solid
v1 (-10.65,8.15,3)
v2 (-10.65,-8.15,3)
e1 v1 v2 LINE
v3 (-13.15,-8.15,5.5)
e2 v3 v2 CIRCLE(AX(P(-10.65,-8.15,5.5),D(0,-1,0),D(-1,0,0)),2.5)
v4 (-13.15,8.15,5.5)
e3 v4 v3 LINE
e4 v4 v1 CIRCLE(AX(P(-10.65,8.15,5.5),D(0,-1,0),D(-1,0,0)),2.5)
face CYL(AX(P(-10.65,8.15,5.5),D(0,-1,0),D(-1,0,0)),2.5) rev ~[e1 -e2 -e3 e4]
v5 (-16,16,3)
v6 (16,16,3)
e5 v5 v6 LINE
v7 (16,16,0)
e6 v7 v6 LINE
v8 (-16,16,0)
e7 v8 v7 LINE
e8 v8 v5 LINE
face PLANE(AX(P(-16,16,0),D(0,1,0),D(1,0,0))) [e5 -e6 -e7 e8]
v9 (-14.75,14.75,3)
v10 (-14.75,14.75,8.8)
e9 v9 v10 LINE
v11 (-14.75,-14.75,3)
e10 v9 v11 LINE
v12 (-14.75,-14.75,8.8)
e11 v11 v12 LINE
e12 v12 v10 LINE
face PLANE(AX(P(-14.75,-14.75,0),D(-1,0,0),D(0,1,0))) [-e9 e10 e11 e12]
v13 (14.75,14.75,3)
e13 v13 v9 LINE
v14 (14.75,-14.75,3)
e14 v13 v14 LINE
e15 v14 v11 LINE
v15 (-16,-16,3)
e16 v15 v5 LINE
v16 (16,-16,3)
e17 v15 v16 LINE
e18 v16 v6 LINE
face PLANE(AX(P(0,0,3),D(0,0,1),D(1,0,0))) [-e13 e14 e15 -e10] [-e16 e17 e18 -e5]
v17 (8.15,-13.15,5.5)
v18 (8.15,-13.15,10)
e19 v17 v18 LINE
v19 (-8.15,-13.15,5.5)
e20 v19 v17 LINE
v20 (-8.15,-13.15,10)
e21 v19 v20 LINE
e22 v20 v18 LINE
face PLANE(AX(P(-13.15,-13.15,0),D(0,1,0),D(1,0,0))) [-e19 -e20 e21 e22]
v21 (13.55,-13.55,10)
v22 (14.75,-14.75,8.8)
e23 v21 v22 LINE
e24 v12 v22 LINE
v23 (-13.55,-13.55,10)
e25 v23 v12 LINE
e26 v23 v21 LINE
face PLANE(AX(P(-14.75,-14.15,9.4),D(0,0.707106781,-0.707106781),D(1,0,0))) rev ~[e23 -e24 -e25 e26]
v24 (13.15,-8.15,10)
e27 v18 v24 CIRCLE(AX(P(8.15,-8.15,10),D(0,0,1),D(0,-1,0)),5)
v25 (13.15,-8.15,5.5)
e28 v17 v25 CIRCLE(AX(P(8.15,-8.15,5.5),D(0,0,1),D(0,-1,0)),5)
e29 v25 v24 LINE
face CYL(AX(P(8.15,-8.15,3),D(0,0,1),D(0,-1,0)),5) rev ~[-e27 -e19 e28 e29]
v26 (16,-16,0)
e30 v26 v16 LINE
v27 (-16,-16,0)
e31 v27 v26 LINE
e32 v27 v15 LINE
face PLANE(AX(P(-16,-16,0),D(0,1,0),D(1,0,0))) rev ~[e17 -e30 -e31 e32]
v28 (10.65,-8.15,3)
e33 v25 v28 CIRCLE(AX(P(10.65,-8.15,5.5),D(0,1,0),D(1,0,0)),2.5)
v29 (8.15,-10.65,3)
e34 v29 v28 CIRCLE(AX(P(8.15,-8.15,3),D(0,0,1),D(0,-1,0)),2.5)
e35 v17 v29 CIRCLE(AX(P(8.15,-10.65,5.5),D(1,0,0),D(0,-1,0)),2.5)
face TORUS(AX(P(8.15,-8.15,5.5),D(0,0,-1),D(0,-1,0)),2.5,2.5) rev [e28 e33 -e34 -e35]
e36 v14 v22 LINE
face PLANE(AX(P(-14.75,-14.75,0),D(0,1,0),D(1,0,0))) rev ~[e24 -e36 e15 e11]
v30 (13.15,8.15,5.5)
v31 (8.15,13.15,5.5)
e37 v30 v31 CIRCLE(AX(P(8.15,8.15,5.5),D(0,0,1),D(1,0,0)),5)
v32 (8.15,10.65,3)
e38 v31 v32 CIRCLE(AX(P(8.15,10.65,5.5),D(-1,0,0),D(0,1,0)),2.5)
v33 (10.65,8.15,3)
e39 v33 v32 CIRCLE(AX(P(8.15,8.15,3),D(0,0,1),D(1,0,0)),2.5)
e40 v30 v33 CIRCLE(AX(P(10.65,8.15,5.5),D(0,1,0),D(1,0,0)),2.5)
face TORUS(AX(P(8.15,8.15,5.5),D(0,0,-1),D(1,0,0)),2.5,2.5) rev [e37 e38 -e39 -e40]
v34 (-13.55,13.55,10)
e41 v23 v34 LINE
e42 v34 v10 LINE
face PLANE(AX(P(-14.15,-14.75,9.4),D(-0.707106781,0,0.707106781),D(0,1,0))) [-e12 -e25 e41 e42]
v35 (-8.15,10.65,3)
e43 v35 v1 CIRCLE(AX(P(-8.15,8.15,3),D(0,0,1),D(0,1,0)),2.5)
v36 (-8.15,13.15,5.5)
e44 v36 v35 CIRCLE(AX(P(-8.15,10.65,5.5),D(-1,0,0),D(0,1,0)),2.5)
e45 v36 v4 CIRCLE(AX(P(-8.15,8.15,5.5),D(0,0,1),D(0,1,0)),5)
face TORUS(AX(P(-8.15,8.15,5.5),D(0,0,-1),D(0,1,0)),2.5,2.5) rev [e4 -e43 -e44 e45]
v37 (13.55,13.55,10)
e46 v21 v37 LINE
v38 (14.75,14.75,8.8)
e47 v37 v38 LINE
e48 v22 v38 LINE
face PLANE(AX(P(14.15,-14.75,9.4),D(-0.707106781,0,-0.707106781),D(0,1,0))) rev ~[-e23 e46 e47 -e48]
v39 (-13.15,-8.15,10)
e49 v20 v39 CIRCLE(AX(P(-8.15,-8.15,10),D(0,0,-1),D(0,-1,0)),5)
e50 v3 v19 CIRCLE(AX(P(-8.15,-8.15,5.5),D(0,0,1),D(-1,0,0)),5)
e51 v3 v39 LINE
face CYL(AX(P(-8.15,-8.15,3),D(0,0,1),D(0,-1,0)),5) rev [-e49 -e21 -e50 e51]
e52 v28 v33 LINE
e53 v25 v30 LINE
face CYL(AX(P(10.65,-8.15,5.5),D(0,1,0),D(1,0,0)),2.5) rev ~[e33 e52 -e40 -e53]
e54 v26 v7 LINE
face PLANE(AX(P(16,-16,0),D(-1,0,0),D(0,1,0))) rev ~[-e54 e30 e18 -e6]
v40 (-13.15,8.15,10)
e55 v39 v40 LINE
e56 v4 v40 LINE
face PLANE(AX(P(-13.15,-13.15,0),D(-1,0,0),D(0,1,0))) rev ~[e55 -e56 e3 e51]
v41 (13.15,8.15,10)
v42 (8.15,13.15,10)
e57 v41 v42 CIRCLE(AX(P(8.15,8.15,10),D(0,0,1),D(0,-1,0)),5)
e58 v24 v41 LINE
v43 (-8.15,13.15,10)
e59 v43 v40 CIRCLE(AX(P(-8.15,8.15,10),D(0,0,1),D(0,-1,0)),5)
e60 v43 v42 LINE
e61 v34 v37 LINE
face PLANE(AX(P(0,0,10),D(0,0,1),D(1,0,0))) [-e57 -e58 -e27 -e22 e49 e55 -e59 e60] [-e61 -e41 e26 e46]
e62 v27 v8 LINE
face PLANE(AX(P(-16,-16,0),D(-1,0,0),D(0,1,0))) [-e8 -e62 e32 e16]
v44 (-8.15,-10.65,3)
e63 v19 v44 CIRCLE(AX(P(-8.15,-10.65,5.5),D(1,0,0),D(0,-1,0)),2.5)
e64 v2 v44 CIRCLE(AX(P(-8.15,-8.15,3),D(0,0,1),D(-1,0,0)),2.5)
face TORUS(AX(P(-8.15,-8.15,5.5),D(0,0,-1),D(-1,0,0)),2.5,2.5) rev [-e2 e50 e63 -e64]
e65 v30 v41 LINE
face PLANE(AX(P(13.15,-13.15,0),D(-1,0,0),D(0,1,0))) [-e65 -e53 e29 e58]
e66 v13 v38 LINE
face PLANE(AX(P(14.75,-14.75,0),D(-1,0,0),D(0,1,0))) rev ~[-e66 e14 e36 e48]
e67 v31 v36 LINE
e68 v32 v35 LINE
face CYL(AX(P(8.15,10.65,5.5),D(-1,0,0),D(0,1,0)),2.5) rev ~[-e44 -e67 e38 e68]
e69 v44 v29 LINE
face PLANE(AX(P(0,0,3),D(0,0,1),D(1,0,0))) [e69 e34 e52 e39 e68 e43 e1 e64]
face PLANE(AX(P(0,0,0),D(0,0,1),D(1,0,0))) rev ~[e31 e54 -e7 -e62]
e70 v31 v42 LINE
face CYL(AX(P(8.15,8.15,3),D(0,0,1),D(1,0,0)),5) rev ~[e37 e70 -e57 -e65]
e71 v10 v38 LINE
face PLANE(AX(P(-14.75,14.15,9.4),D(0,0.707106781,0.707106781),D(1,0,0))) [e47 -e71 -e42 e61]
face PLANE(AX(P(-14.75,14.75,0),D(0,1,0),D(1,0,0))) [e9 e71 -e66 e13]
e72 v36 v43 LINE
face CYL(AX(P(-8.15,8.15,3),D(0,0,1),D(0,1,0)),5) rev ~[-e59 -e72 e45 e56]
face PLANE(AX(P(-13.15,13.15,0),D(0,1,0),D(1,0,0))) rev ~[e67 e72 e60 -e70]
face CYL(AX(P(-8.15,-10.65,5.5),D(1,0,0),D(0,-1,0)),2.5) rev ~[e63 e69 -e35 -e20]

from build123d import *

# Parameters (mm, degrees)
F0_W     = 32
F0_H     = 32
F0_W_2   = 29.5
F0_H_2   = 29.5
F0_W_3   = 26.3
F0_H_3   = 26.3
F1_DEPTH = 3
F2_DEPTH = 10
F3_R     = 5
F4_SIZE  = 1.2
F5_R     = 2.5


with BuildPart() as f1:
    # F0 (on Top) → F1 (new body)
    with BuildSketch(Plane.XY):
        Rectangle(F0_W, F0_H)
        Rectangle(F0_W_2, F0_H_2, mode=Mode.SUBTRACT)
        Rectangle(F0_W_2, F0_H_2)
        Rectangle(F0_W_3, F0_H_3, mode=Mode.SUBTRACT)
        Rectangle(F0_W_3, F0_H_3)
    extrude(amount=F1_DEPTH)

    # F0 (on Top) → F2 (join)
    with BuildSketch(Plane.XY):
        Rectangle(F0_W_2, F0_H_2)
        Rectangle(F0_W_3, F0_H_3, mode=Mode.SUBTRACT)
    extrude(amount=F2_DEPTH)

    # F3
    f3_edges = [f1.edges().sort_by_distance(p)[0] for p in [
        (-13.15, 13.15, 6.5),
        (13.15, 13.15, 6.5),
        (13.15, -13.15, 6.5),
        (-13.15, -13.15, 6.5),
    ]]
    fillet(f3_edges, radius=F3_R)

    # F4
    f4_edges = [f1.edges().sort_by_distance(p)[0] for p in [
        (-14.75, 0, 10),
        (0, -14.75, 10),
        (0, 14.75, 10),
        (14.75, 0, 10),
    ]]
    chamfer(f4_edges, length=F4_SIZE)

    # F5
    f5_edges = [f1.edges().sort_by_distance(p)[0] for p in [
        (11.685534, 11.685534, 3),
    ]]
    fillet(f5_edges, radius=F5_R)


solid = f1.part
